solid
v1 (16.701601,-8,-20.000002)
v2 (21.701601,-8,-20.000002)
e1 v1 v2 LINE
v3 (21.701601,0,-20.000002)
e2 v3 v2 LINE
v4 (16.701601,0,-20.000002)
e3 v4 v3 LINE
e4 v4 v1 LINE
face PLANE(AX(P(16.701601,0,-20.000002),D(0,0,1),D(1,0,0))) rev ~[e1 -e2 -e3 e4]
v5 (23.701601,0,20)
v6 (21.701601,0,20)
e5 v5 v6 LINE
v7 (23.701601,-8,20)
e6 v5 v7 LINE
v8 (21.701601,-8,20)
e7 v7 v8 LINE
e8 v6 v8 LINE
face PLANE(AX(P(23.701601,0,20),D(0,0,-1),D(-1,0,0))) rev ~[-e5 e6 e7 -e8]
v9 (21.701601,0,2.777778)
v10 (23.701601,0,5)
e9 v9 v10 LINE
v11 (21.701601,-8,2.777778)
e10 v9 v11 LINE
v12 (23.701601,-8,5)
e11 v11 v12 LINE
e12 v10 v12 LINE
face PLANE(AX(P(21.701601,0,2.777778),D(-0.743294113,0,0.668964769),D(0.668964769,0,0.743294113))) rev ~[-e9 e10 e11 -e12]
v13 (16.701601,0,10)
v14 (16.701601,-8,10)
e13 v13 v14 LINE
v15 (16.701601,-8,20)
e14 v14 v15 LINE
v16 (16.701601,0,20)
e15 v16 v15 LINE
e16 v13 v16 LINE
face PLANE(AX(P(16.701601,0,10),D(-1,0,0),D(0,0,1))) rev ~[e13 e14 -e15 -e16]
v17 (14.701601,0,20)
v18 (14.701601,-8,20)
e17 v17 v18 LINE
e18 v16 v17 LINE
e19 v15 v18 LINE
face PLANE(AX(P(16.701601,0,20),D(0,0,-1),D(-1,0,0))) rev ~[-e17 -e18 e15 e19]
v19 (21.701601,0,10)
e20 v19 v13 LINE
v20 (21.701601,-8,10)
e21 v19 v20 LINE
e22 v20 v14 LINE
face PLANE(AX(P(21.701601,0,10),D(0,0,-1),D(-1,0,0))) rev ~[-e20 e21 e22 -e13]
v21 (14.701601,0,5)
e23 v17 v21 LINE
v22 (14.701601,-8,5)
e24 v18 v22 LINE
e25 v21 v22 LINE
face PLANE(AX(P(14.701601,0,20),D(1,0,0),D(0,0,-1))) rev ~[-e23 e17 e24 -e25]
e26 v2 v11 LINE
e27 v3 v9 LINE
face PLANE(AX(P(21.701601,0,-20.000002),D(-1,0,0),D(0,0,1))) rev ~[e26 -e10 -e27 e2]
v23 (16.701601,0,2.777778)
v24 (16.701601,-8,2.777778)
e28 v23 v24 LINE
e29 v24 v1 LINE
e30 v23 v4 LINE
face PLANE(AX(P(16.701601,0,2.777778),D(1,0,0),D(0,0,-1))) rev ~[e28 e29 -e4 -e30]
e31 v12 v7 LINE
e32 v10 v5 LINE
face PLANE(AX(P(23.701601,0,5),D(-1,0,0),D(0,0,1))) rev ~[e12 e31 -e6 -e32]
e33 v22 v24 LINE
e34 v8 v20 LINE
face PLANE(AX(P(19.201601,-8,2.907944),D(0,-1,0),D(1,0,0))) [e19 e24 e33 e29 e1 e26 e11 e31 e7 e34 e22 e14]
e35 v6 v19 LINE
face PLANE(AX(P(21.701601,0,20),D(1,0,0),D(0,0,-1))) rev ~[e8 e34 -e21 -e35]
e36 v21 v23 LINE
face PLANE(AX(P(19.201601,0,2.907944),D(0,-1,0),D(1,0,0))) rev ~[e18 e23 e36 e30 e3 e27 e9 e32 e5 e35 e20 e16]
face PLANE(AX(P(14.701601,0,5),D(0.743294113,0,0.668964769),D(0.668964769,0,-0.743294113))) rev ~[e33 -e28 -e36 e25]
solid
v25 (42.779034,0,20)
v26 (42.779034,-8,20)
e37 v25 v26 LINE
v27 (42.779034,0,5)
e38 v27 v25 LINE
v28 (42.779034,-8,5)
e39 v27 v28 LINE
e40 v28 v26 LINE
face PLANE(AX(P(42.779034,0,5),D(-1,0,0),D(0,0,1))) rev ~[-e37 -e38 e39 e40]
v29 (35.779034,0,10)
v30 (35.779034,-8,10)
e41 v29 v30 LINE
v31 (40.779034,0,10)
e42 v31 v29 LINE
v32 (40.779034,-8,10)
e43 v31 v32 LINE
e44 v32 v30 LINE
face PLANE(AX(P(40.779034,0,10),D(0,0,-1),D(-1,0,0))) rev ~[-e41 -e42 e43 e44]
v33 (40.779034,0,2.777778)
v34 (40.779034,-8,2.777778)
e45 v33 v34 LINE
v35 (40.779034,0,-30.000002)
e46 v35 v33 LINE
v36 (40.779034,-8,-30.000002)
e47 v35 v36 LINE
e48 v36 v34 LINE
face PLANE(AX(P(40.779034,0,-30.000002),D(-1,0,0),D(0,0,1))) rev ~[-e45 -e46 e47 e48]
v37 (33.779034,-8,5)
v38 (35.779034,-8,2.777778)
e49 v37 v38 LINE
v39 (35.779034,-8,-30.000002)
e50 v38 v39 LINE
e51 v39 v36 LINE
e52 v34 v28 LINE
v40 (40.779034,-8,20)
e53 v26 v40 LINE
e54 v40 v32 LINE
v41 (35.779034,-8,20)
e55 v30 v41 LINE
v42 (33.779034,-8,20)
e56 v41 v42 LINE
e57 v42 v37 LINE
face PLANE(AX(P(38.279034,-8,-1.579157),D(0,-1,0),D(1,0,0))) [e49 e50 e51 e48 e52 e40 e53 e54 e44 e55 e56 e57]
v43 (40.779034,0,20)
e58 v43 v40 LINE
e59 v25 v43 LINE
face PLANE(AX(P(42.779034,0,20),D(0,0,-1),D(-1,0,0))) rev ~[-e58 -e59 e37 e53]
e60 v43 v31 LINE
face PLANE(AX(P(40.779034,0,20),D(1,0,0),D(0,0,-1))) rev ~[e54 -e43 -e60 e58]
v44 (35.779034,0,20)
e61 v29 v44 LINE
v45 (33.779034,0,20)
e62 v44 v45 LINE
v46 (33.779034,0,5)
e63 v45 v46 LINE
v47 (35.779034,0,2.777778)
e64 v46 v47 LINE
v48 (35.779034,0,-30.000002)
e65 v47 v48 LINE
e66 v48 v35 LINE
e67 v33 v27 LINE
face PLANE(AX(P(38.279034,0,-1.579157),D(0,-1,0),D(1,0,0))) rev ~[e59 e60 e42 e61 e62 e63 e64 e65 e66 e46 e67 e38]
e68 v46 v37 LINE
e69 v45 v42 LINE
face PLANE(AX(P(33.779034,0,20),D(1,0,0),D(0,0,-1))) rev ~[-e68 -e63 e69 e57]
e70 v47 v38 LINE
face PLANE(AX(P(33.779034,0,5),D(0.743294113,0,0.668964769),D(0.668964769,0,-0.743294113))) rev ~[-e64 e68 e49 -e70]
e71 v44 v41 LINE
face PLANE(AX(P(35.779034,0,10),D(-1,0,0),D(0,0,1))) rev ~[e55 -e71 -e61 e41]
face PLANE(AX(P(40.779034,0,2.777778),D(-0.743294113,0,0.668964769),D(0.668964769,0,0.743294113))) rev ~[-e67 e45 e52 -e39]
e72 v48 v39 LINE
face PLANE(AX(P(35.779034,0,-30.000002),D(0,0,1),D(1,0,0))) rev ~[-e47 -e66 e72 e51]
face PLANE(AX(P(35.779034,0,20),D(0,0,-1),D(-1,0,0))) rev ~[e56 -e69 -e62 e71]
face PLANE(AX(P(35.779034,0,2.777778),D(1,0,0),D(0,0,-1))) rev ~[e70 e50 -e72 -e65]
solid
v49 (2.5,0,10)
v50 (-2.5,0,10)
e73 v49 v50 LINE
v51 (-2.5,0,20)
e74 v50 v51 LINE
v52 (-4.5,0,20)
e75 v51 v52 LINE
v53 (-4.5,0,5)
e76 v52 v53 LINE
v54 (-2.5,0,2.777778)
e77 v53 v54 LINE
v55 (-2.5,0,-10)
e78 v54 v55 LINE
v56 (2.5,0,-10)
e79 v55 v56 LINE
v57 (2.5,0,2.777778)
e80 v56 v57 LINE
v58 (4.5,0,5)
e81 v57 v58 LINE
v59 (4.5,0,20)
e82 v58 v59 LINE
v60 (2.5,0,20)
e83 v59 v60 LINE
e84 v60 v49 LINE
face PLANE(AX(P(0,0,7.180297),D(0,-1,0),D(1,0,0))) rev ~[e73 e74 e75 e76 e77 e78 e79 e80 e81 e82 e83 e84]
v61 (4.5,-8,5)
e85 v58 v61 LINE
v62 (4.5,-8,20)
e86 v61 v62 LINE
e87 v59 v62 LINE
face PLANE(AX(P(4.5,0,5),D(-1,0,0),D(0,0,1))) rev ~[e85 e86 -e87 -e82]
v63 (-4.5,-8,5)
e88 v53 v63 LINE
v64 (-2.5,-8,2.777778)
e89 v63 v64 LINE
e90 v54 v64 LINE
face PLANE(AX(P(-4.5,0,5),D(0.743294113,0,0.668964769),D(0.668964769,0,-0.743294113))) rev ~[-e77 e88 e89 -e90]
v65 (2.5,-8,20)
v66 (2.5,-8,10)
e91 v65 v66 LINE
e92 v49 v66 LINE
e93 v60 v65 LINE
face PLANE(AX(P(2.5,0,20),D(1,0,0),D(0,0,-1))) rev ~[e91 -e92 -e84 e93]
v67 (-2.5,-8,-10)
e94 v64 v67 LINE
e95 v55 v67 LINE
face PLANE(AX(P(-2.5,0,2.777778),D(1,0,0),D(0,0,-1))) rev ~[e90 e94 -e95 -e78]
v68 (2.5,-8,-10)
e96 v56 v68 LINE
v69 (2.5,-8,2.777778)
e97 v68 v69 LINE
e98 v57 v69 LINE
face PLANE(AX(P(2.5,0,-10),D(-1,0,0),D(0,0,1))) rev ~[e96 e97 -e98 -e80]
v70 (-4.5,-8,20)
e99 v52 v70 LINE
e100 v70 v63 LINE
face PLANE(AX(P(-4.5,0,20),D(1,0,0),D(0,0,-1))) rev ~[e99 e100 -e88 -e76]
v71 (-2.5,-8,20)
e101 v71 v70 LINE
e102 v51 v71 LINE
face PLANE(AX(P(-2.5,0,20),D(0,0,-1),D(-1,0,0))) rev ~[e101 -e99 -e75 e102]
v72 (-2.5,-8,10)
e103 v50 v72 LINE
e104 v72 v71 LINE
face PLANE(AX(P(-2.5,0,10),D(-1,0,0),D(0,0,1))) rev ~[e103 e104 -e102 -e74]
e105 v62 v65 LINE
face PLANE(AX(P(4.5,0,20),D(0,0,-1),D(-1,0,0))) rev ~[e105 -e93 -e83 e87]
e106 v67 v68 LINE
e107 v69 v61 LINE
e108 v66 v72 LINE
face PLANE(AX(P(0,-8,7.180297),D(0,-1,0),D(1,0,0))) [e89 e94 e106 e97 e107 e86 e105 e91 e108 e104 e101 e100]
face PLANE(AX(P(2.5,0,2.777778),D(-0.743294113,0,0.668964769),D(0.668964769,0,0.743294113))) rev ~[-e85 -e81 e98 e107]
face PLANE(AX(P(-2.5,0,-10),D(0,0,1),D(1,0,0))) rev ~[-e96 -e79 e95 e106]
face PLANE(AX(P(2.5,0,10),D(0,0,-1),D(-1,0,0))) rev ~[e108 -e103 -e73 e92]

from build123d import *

# Parameters (mm, degrees)
F1_DEPTH = 8


with BuildPart() as f1:
    # F0 (on Front) → F1 (new body)
    with BuildSketch(Plane.XZ):
        Polygon((-2.5, 2.777778), (-2.5, -10), (2.5, -10), (2.5, 2.777778), (4.5, 5), (4.5, 20), (2.5, 20), (2.5, 10), (-2.5, 10), (-2.5, 20), (-4.5, 20), (-4.5, 5), align=None)
        Polygon((21.701601, 10), (16.701601, 10), (16.701601, 20), (14.701601, 20), (14.701601, 5), (16.701601, 2.777778), (16.701601, -20.000002), (21.701601, -20.000002), (21.701601, 2.777778), (23.701601, 5), (23.701601, 20), (21.701601, 20), align=None)
        Polygon((40.779034, 10), (35.779034, 10), (35.779034, 20), (33.779034, 20), (33.779034, 5), (35.779034, 2.777778), (35.779034, -30.000002), (40.779034, -30.000002), (40.779034, 2.777778), (42.779034, 5), (42.779034, 20), (40.779034, 20), align=None)
    extrude(amount=F1_DEPTH)


solid = f1.part
